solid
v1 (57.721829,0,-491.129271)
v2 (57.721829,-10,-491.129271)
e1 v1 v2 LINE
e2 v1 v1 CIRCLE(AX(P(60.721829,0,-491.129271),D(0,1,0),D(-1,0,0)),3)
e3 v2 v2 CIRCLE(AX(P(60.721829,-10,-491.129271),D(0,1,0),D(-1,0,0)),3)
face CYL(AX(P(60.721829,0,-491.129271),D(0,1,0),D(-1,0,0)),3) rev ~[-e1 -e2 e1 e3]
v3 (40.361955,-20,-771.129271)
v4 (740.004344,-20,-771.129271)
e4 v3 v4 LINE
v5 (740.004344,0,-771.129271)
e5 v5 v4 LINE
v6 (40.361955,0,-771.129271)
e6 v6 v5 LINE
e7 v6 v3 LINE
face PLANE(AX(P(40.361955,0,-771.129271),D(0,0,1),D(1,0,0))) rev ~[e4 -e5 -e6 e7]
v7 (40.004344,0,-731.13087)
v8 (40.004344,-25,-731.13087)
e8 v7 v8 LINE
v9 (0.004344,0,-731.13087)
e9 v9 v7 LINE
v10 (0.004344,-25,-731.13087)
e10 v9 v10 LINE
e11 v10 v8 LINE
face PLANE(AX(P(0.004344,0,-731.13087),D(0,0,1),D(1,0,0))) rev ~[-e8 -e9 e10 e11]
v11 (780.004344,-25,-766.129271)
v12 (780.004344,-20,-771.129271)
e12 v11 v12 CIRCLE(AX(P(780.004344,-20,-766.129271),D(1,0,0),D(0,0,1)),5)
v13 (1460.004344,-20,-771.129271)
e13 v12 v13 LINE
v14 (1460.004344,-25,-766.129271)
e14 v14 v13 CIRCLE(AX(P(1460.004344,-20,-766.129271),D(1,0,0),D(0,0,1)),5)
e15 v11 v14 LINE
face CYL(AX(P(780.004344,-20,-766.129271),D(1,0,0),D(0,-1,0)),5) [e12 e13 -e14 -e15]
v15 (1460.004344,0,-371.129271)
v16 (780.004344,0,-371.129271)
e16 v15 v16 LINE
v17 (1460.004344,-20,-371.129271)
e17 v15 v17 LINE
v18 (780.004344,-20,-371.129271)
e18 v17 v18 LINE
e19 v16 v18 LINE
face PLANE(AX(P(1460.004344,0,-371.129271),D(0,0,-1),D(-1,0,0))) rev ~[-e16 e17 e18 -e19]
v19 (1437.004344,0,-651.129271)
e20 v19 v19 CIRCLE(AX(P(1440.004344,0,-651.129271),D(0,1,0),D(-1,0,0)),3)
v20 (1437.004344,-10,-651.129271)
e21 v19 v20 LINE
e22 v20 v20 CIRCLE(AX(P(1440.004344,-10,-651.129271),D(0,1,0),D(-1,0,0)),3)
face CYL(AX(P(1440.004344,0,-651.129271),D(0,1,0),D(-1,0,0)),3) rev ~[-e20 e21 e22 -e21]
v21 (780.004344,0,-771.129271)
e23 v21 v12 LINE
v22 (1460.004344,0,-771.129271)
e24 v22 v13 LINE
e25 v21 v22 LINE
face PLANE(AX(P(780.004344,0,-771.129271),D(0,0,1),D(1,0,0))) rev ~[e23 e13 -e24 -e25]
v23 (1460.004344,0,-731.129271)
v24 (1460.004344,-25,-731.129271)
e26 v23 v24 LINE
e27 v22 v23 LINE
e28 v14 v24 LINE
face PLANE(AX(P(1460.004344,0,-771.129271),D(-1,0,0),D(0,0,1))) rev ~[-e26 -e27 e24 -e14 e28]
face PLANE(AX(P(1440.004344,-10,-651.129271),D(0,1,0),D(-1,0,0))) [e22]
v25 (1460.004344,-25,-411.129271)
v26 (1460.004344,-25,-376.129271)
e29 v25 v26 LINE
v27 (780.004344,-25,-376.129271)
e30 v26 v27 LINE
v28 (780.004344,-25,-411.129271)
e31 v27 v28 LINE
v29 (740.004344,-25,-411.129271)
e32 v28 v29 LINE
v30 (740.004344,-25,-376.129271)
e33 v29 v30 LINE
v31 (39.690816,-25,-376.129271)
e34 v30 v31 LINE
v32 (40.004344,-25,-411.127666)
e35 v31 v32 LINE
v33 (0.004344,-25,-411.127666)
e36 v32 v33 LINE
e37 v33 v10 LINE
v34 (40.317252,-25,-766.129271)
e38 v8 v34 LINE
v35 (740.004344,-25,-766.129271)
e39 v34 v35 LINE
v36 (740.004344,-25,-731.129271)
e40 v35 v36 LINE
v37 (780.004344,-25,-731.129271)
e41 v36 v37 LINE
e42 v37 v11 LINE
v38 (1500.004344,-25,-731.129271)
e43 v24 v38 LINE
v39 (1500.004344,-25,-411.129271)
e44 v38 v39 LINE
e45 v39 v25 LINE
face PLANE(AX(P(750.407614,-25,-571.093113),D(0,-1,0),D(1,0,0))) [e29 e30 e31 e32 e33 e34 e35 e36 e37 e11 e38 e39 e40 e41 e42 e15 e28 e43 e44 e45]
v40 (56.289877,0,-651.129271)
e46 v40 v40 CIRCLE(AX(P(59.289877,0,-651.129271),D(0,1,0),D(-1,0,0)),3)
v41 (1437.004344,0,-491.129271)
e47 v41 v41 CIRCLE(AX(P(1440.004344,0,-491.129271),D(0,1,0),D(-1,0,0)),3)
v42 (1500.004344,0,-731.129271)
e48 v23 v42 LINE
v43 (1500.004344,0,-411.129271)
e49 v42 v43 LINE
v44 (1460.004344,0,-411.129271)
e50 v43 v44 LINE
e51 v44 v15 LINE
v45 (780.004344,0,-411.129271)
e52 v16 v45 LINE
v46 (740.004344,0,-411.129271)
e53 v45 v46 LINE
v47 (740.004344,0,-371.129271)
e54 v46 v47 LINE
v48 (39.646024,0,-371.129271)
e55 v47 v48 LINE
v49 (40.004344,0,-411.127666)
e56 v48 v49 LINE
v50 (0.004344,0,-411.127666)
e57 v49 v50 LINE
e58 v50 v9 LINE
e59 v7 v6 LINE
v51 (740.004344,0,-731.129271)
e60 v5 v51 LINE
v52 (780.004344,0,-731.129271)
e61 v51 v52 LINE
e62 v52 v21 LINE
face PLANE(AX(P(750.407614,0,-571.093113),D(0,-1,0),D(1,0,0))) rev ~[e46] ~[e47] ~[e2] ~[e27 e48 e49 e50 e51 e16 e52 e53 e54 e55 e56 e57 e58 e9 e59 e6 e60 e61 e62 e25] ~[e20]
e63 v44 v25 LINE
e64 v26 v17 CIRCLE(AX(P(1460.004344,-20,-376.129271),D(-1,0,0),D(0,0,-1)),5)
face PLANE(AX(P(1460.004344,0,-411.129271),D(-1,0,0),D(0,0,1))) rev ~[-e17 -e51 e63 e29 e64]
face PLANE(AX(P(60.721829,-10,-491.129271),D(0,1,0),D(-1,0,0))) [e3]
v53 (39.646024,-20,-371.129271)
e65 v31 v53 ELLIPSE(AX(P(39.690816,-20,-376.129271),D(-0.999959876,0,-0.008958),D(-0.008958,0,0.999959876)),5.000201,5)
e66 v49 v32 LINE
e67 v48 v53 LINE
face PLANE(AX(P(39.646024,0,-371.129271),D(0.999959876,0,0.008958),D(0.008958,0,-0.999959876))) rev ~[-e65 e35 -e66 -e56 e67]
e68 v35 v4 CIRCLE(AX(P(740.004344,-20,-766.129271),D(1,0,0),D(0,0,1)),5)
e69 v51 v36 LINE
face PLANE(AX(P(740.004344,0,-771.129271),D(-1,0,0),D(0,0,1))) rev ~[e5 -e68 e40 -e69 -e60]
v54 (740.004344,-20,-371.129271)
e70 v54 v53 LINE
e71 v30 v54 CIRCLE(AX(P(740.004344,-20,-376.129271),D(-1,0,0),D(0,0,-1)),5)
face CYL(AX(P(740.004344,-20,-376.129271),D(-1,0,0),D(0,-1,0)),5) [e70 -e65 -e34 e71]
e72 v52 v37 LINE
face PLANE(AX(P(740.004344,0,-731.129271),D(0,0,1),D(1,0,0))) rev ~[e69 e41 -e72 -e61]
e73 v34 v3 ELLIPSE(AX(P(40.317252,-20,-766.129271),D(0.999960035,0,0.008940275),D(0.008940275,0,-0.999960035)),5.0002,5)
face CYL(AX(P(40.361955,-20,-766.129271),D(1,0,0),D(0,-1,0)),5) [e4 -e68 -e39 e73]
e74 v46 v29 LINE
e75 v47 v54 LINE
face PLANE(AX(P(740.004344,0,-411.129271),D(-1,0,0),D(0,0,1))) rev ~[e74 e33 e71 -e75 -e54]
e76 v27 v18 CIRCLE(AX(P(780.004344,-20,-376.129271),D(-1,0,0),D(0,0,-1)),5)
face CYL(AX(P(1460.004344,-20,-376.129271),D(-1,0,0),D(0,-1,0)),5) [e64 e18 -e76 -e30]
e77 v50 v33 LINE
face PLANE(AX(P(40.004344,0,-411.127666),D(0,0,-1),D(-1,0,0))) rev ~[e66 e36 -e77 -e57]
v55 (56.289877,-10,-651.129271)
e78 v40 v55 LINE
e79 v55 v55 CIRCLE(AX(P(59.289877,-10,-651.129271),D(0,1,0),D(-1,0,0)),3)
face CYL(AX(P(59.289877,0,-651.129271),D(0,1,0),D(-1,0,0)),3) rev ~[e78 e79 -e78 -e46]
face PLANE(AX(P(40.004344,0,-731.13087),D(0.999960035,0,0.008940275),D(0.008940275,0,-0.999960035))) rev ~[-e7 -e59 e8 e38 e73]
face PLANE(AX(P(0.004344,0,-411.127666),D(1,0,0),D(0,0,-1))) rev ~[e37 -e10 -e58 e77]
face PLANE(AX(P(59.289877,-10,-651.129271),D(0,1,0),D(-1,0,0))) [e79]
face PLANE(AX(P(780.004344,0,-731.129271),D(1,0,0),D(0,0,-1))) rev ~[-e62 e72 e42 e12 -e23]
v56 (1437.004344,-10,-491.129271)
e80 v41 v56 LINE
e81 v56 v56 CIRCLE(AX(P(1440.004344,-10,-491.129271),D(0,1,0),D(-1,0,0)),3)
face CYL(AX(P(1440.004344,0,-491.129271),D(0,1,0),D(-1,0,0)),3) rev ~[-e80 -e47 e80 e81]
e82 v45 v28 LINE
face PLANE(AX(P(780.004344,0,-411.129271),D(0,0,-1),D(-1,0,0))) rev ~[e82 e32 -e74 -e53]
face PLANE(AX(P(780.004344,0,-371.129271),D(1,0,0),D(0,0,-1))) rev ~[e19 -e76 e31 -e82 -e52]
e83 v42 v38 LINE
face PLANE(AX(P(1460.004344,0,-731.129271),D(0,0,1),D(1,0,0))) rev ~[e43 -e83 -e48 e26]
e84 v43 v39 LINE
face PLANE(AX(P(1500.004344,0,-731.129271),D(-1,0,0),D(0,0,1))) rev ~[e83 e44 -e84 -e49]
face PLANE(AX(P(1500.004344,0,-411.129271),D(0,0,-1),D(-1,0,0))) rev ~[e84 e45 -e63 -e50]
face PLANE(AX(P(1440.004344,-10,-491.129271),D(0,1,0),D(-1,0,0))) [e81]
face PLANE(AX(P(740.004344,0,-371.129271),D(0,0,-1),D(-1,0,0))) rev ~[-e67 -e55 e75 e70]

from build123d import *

# Parameters (mm, degrees)
F0_DEPTH = 25
F1_R     = 3
F2_DEPTH = 10
F7_DEPTH = 10
F3_DEPTH = 10
F4_R     = 5
F5_R     = 5


with BuildPart() as f0:
    # F6 (on Front) → F0 (new body)
    with BuildSketch(Plane.XZ):
        Polygon((780.004344, -771.129271), (1460.004344, -771.129271), (1460.004344, -731.129271), (1500.004344, -731.129271), (1500.004344, -411.129271), (1460.004344, -411.129271), (1460.004344, -371.129271), (780.004344, -371.129271), (780.004344, -411.129271), (740.004344, -411.129271), (740.004344, -371.129271), (39.646024, -371.129271), (40.004344, -411.127666), (0.004344, -411.127666), (0.004344, -731.13087), (40.004344, -731.13087), (40.361955, -771.129271), (740.004344, -771.129271), (740.004344, -731.129271), (780.004344, -731.129271), align=None)
    extrude(amount=F0_DEPTH)

    # F1 (on face) → F2 (cut)
    with BuildSketch(Plane(origin=(0, 0, 0), x_dir=(-1, 0, 0), z_dir=(0, 1, 0))):
        with Locations((-60.721829, -491.129271)):
            Circle(F1_R)
    extrude(amount=-F2_DEPTH, mode=Mode.SUBTRACT)

    # F1 (on face) → F7 (cut)
    with BuildSketch(Plane(origin=(0, 0, 0), x_dir=(-1, 0, 0), z_dir=(0, 1, 0))):
        with Locations((-59.289877, -651.129271)):
            Circle(F1_R)
    extrude(amount=-F7_DEPTH, mode=Mode.SUBTRACT)

    # F1 (on face) → F3 (cut)
    with BuildSketch(Plane(origin=(0, 0, 0), x_dir=(-1, 0, 0), z_dir=(0, 1, 0))):
        with Locations((-60.721829, -491.129271)):
            Circle(F1_R)
        with Locations((-59.289877, -651.129271)):
            Circle(F1_R)
        with Locations((-1440.004344, -651.129271)):
            Circle(F1_R)
        with Locations((-1440.004344, -491.129271)):
            Circle(F1_R)
    extrude(amount=-F3_DEPTH, mode=Mode.SUBTRACT)

    # F4
    f4_edges = [f0.edges().sort_by_distance(p)[0] for p in [
        (389.825184, -25, -371.129271),
        (390.183149, -25, -771.129271),
    ]]
    fillet(f4_edges, radius=F4_R)

    # F5
    f5_edges = [f0.edges().sort_by_distance(p)[0] for p in [
        (1120.004344, -25, -371.129271),
        (1120.004344, -25, -771.129271),
    ]]
    fillet(f5_edges, radius=F5_R)


solid = f0.part
